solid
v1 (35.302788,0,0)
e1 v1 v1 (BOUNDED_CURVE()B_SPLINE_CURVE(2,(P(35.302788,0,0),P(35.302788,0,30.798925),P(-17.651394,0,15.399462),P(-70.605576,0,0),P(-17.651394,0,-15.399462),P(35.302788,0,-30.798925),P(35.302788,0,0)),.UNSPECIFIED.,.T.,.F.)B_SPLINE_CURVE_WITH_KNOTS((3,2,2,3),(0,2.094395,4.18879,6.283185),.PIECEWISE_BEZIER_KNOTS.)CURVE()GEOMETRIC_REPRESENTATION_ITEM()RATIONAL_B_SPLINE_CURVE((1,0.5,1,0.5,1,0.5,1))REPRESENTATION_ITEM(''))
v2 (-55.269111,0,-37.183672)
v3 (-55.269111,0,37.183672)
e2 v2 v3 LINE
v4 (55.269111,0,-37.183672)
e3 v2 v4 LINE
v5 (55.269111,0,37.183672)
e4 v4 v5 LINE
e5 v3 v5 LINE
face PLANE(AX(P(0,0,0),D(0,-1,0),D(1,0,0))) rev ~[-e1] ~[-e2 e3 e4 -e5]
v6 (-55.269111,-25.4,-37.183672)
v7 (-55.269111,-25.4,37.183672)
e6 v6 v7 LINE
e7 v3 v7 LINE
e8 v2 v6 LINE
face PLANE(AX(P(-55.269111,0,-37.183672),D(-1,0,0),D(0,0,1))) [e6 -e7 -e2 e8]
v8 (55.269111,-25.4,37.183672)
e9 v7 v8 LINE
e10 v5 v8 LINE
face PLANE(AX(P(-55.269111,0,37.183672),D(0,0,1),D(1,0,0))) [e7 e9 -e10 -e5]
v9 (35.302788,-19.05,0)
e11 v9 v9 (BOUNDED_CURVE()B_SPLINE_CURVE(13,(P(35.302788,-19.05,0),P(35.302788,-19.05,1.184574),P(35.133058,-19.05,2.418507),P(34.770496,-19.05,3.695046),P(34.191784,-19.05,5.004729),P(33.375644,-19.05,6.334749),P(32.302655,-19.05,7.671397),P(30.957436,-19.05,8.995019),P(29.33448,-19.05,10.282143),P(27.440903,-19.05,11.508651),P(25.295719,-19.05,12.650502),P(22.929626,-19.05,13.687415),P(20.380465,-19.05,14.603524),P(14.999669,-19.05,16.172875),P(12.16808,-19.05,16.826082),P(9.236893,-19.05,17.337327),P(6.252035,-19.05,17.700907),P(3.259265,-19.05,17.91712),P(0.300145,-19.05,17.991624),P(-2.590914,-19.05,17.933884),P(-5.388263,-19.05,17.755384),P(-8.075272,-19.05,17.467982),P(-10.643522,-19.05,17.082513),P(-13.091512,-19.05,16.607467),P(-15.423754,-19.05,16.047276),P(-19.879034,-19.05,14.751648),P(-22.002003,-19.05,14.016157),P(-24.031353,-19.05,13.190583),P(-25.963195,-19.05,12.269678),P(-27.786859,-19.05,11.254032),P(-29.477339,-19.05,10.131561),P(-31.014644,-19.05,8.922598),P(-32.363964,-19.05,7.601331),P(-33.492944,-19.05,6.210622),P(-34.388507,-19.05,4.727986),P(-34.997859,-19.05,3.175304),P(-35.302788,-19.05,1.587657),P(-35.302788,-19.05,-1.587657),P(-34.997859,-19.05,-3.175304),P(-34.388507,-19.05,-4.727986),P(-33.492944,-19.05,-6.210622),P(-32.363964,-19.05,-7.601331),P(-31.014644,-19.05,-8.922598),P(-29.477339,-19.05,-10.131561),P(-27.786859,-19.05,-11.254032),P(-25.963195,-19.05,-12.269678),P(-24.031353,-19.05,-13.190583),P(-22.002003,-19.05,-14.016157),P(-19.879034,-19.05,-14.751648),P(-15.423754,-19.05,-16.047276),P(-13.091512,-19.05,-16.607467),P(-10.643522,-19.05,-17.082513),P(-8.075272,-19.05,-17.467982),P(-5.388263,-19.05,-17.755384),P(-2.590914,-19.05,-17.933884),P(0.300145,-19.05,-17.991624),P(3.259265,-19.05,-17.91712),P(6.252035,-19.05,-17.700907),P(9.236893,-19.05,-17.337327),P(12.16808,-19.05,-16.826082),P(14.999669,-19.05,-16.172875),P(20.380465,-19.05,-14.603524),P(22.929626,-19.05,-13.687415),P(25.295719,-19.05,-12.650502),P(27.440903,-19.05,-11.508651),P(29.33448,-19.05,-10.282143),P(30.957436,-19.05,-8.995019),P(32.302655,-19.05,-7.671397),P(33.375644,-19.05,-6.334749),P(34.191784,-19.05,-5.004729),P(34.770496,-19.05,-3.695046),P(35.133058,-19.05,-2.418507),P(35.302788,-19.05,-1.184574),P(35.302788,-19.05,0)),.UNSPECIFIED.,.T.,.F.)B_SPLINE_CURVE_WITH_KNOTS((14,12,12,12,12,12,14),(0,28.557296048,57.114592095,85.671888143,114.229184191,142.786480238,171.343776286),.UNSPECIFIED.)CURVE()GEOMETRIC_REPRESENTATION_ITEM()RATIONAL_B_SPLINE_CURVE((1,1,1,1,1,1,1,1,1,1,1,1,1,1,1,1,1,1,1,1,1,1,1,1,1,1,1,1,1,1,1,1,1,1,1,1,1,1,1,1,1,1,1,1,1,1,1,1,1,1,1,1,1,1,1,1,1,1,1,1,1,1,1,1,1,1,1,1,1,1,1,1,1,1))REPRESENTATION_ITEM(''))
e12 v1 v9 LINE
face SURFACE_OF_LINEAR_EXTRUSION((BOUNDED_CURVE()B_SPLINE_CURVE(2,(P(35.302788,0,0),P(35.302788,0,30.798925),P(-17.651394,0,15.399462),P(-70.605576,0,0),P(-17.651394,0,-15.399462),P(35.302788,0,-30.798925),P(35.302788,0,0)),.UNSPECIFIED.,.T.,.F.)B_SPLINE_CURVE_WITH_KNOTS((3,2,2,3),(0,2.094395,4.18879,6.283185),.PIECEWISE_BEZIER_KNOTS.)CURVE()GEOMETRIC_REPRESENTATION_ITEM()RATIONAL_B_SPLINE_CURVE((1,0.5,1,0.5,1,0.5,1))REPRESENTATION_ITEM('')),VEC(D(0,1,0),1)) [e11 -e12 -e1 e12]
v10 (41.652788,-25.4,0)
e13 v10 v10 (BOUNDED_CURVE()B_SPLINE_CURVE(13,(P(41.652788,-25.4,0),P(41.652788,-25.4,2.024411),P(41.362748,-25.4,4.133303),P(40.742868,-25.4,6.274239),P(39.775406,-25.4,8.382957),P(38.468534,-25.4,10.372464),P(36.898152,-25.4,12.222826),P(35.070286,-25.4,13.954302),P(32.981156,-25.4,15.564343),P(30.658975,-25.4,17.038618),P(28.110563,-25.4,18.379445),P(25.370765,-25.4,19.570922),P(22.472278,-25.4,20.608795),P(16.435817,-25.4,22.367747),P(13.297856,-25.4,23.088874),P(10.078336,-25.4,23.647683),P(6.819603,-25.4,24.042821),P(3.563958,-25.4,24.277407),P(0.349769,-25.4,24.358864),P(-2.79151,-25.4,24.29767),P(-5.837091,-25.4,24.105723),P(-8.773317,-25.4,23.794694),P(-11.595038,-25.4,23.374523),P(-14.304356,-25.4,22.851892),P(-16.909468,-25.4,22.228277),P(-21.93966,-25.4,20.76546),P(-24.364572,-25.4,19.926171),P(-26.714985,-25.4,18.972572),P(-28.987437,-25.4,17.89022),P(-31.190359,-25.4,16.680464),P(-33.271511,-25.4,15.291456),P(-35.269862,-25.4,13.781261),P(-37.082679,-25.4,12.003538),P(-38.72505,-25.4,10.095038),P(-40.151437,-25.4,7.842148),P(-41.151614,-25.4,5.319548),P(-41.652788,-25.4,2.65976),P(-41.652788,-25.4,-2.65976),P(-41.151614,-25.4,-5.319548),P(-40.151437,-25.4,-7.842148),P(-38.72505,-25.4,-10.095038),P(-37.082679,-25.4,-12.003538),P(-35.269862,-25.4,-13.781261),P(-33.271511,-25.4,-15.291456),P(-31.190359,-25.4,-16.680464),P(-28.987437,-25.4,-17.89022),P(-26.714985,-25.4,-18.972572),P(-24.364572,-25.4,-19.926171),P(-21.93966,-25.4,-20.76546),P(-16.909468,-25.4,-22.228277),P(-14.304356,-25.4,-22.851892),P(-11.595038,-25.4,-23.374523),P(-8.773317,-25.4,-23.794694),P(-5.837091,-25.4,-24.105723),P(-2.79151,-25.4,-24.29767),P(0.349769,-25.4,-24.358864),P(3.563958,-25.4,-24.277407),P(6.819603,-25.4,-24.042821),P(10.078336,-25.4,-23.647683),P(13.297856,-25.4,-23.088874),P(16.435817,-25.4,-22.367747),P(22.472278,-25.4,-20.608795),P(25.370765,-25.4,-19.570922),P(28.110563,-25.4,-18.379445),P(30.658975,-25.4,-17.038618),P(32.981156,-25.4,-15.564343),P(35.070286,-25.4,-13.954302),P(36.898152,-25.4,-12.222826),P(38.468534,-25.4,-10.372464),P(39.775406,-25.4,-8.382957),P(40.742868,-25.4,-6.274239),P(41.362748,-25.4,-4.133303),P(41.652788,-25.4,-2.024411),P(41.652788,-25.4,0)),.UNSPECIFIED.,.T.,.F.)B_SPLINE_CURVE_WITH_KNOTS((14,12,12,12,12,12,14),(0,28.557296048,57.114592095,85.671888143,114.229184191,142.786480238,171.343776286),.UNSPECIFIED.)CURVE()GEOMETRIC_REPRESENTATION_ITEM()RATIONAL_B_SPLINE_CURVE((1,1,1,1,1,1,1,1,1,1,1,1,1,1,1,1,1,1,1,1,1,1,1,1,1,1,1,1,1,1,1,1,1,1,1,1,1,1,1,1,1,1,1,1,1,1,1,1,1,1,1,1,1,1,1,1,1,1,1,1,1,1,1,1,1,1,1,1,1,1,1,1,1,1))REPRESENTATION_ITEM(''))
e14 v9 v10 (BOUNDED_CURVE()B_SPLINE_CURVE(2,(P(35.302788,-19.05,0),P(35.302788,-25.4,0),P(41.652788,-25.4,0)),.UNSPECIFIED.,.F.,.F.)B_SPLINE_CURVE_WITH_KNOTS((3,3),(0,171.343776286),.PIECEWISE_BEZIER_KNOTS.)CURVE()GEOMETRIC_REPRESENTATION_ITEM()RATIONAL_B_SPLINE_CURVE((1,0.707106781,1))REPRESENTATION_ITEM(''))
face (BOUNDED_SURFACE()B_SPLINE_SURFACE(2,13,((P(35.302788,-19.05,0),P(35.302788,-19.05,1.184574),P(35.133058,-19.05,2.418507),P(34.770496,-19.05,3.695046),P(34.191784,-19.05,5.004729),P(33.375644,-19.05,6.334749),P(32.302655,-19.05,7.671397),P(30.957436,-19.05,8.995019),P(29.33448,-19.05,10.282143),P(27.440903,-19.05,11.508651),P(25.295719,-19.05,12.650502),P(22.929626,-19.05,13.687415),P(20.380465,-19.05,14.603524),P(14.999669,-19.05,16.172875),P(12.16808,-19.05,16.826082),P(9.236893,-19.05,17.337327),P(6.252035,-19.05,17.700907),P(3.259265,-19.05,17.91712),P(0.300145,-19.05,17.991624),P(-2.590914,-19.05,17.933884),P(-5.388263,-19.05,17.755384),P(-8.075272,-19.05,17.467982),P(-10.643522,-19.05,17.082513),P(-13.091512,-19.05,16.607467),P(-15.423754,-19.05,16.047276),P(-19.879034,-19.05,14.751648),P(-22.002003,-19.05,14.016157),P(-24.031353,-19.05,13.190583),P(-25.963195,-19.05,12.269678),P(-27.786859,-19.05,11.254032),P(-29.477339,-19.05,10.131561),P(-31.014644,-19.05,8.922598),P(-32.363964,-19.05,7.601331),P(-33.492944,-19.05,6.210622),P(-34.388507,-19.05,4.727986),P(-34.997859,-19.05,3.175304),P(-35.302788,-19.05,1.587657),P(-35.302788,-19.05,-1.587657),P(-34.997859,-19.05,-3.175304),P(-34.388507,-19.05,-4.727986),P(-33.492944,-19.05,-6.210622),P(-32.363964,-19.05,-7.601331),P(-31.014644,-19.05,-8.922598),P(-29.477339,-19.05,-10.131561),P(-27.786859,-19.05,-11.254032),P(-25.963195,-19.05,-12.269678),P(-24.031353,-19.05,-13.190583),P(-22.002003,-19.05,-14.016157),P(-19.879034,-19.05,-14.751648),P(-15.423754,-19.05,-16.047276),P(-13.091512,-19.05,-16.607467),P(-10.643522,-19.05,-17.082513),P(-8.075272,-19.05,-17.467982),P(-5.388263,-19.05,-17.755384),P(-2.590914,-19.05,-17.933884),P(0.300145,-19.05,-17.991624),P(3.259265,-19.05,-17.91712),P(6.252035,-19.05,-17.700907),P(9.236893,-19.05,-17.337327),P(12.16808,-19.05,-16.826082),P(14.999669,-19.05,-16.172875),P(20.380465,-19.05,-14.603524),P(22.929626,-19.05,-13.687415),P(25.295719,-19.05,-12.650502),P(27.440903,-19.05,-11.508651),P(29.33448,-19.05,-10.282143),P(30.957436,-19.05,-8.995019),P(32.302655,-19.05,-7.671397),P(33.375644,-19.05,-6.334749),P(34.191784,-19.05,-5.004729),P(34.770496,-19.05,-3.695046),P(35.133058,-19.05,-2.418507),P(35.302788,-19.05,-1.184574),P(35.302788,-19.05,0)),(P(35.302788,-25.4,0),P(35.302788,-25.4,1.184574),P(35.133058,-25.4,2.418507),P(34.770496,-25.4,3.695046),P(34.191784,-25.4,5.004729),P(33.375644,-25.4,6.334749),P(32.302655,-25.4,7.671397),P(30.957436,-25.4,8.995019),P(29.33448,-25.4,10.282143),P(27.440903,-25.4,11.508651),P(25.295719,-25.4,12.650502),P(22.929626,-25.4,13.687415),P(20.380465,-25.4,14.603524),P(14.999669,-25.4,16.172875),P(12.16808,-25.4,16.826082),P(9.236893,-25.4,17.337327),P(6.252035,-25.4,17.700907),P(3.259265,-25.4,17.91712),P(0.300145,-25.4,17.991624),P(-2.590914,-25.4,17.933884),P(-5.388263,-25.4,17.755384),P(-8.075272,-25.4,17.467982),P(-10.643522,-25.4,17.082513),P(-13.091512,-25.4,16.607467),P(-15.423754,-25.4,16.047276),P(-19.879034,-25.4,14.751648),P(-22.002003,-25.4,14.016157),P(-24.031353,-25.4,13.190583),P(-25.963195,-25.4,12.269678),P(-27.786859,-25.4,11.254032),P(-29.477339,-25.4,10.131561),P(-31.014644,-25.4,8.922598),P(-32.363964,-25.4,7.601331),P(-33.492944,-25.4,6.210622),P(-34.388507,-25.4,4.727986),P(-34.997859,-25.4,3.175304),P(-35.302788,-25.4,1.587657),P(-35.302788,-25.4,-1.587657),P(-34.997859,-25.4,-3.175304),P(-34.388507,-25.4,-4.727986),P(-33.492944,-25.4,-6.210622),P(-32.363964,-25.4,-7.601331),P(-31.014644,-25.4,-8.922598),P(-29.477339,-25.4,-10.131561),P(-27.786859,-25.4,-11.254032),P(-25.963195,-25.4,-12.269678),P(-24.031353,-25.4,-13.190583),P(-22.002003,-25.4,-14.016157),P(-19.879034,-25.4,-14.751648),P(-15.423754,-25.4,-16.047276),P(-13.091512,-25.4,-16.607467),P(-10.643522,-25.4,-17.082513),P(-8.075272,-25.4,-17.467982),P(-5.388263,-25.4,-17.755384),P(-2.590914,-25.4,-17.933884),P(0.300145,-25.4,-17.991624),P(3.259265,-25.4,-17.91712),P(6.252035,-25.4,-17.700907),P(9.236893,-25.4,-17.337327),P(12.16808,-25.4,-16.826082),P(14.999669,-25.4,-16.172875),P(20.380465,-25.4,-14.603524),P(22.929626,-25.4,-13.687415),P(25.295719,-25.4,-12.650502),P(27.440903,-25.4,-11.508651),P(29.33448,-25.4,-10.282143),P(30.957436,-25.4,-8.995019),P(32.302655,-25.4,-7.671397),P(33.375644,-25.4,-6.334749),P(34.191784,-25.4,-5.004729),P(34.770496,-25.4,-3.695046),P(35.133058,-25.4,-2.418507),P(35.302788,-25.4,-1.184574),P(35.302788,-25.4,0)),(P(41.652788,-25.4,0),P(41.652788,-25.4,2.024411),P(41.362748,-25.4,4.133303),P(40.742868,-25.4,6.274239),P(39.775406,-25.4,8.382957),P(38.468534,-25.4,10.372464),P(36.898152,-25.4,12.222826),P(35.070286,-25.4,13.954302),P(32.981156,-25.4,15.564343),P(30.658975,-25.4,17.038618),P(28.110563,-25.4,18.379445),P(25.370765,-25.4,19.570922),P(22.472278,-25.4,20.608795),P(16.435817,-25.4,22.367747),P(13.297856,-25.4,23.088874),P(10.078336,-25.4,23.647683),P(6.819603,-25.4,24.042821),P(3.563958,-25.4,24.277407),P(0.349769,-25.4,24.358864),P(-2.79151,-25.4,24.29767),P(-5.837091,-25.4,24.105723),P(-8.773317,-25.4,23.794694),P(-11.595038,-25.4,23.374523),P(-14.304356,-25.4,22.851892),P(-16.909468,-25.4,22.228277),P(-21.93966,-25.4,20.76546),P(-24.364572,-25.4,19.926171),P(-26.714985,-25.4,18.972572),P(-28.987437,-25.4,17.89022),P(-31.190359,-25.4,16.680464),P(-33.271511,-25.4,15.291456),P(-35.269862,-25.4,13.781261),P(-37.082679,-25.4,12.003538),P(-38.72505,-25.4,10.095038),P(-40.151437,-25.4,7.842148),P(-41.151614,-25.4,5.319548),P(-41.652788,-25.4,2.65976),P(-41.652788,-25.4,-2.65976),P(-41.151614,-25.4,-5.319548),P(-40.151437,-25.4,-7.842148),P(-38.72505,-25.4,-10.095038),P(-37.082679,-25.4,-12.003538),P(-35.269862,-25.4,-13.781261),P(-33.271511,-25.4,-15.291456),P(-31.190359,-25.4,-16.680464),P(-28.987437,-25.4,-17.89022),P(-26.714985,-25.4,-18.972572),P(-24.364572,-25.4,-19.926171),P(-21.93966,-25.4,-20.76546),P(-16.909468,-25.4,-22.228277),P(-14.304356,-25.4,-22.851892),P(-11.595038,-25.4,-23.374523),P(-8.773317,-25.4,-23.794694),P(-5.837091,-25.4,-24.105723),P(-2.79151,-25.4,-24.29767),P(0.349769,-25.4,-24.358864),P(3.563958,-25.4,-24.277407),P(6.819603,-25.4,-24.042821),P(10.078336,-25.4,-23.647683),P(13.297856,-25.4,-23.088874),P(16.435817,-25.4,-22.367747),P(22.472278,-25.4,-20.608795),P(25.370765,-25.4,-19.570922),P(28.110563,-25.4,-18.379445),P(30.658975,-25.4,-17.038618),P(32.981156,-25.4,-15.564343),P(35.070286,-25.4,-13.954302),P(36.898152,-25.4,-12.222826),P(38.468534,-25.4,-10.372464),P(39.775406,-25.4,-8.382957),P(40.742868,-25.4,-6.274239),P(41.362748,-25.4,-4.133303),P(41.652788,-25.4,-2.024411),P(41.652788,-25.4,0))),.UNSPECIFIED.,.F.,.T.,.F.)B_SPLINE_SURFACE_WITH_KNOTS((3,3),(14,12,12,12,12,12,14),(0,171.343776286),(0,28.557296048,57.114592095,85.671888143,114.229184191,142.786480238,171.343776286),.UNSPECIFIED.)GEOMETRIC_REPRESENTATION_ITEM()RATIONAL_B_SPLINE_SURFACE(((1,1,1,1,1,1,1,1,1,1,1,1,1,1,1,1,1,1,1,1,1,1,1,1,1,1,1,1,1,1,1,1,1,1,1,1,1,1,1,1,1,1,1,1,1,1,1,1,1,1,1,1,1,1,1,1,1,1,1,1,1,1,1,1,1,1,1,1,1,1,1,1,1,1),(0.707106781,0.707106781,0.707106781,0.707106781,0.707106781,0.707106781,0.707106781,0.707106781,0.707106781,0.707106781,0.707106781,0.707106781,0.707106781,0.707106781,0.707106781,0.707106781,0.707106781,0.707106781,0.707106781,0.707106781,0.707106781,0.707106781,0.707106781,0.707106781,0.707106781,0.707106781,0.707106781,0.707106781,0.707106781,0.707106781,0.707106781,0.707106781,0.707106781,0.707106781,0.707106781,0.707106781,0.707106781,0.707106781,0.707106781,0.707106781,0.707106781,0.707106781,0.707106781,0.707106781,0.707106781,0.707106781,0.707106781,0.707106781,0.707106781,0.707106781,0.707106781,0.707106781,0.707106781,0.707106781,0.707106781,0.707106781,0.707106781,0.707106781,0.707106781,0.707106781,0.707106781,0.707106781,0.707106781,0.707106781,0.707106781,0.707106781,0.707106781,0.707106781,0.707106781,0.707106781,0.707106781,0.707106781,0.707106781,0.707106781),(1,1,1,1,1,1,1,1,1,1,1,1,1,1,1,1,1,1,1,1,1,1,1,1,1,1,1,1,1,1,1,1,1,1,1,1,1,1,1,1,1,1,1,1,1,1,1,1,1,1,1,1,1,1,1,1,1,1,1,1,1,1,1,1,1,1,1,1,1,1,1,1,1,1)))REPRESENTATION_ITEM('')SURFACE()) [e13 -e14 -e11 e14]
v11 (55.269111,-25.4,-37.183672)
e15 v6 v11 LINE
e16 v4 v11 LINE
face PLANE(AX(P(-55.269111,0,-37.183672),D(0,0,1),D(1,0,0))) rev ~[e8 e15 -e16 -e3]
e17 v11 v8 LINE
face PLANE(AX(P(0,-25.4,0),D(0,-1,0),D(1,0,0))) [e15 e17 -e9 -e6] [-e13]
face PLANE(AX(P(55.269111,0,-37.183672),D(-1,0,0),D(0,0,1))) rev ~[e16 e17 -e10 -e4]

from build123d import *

# Parameters (mm, degrees)
F0_W     = 110.538222
F0_H     = 74.367344
F1_DEPTH = 25.4
F2_R     = 6.35


with BuildPart() as f1:
    # F0 (on Front) → F1 (new body)
    with BuildSketch(Plane.XZ):
        Rectangle(F0_W, F0_H)
        with BuildLine():
            add(Edge.make_bspline(
                [(35.302788, 0), (35.302788, 30.798925), (-17.651394, 15.399462), (-70.605576, 0), (-17.651394, -15.399462), (35.302788, -30.798925), (35.302788, 0)],
                knots=[0, 0, 0, 2.094395, 2.094395, 4.18879, 4.18879, 6.283185, 6.283185, 6.283185], degree=2, weights=[1, 0.5, 1, 0.5, 1, 0.5, 1]))
        make_face(mode=Mode.SUBTRACT)
    extrude(amount=F1_DEPTH)

    # F2
    f2_edges = [f1.edges().sort_by_distance(p)[0] for p in [
        (-35.302788, -25.4, 4e-06),
    ]]
    fillet(f2_edges, radius=F2_R)


solid = f1.part
